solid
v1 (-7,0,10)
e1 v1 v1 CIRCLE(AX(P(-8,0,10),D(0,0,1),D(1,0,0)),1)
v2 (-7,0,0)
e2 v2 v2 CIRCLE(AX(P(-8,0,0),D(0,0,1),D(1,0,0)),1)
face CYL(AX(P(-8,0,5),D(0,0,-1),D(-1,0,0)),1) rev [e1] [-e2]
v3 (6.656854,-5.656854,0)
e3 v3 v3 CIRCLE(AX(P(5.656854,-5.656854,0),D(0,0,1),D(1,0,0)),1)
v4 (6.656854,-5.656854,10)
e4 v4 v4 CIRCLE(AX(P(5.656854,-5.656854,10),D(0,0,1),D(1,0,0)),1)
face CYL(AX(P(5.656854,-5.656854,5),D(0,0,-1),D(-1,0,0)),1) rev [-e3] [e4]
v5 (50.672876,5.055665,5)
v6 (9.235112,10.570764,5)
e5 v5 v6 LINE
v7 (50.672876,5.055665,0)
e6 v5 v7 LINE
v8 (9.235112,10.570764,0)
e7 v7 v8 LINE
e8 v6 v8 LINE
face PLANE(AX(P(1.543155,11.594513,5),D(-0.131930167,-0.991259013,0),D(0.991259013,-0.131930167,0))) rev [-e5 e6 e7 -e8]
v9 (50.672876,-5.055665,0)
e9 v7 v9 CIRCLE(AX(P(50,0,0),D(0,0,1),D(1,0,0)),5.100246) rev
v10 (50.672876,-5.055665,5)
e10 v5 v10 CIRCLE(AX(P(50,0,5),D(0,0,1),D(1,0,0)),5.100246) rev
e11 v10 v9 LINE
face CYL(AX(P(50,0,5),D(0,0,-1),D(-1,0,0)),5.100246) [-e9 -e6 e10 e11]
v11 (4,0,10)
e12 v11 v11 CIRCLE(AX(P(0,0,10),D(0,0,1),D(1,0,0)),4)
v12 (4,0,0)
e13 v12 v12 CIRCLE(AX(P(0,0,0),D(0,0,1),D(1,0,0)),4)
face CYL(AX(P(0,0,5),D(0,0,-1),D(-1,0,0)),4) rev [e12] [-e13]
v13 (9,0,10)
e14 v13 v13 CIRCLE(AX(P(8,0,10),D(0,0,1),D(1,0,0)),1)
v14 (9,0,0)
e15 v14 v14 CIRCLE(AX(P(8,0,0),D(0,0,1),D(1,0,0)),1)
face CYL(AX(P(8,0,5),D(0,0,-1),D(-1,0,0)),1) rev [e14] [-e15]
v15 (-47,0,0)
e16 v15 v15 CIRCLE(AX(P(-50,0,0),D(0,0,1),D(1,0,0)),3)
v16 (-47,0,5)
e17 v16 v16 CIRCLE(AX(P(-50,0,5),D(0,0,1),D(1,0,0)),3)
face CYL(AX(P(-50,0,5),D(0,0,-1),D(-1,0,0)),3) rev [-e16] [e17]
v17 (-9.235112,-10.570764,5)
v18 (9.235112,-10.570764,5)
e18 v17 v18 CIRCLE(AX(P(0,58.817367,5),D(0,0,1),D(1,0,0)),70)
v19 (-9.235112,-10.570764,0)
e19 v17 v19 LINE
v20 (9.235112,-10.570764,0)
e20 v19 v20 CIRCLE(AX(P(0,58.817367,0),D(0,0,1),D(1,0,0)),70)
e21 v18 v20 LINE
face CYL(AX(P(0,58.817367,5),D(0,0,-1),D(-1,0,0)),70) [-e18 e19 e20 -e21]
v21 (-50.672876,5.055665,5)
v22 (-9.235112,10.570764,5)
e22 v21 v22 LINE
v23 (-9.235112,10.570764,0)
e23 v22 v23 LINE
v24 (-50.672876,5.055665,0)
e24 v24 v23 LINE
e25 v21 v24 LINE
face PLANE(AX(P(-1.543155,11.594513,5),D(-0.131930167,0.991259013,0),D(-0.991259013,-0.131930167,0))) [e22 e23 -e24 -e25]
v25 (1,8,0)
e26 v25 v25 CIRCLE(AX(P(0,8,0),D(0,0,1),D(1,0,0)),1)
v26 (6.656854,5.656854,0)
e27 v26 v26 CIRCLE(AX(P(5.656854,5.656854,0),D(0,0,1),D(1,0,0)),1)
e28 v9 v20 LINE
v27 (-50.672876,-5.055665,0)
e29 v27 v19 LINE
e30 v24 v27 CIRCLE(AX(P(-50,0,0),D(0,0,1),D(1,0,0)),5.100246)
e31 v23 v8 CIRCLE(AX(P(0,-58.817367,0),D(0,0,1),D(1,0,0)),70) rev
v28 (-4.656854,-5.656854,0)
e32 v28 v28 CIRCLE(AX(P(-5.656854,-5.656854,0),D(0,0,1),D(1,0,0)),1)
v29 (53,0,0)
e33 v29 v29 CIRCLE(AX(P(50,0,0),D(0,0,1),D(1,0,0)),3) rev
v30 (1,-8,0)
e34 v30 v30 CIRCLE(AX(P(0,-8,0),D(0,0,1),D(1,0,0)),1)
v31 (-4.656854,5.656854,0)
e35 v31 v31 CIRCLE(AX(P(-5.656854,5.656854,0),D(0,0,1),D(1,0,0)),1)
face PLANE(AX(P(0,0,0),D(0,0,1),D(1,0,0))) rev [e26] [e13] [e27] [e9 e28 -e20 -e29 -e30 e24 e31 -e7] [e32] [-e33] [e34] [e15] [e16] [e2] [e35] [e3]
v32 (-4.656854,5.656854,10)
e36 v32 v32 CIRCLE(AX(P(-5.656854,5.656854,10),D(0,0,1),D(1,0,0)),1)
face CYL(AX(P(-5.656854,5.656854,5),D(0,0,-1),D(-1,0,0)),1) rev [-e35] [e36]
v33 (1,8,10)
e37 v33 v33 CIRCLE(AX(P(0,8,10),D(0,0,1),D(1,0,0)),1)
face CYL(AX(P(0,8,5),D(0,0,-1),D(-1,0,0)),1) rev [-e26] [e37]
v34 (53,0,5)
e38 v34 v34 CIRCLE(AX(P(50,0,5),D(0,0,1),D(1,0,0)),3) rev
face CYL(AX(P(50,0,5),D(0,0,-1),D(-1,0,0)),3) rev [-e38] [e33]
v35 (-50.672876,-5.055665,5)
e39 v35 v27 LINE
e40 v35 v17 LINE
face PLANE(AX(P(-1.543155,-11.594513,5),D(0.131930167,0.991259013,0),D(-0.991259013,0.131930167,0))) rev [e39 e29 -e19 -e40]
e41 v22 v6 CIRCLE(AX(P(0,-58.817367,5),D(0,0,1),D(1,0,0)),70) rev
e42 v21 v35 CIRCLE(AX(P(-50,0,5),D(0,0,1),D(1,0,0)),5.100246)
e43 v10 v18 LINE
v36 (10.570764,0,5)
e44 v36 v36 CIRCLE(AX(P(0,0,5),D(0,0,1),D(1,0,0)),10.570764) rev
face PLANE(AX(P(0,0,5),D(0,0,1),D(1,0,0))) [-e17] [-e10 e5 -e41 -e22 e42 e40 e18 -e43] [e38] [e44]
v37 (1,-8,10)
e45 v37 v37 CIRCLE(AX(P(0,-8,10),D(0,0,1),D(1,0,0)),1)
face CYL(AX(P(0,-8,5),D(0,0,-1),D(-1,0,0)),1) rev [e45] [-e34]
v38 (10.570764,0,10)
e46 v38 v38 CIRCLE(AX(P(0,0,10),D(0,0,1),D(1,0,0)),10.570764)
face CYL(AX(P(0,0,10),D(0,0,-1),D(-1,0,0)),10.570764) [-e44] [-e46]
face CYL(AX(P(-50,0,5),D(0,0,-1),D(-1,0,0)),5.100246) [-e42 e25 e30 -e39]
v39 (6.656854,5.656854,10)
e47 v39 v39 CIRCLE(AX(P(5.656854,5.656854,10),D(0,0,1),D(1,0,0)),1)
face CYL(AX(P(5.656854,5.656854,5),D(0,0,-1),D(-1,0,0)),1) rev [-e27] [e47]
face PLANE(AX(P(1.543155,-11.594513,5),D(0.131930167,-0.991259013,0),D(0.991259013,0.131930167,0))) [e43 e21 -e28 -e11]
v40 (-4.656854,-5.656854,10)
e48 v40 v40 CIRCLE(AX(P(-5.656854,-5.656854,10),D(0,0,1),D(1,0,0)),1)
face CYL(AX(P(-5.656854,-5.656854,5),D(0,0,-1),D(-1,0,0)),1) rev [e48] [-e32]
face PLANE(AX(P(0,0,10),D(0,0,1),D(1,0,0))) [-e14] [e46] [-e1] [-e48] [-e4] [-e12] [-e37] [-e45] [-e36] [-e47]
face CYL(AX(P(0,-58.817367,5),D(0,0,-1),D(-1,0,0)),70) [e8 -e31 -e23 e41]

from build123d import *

# Parameters (mm, degrees)
SZKIC1_R                    = 3
SZKIC1_R_2                  = 1
SZKIC1_R_3                  = 4
DODANIE_WYCI_GNI_CIE1_DEPTH = 5
SZKIC1_3_R                  = 10.570763761
SZKIC1_3_R_2                = 1
SZKIC1_3_R_3                = 4
DODANIE_WYCI_GNI_CIE2_DEPTH = 10


with BuildPart() as part:
    # Szkic1 → Dodanie-wyci_gni_cie1 (new body)
    with BuildSketch(Plane.XY):
        with BuildLine():
            Line((-9.235111676, 10.570763761), (-50.67287635, 5.055665151))
            ThreePointArc((-50.67287635, 5.055665151), (-55.100246338, 0), (-50.67287635, -5.055665151))
            Line((-50.67287635, -5.055665151), (-9.235111676, -10.570763761))
            ThreePointArc((-9.235111676, -10.570763761), (0, -11.182632843), (9.235111676, -10.570763761))
            Line((9.235111676, -10.570763761), (50.67287635, -5.055665151))
            ThreePointArc((50.67287635, -5.055665151), (55.100246338, 0), (50.67287635, 5.055665151))
            Line((50.67287635, 5.055665151), (9.235111676, 10.570763761))
            ThreePointArc((9.235111676, 10.570763761), (0, 11.182632843), (-9.235111676, 10.570763761))
        make_face()
        with Locations((-50, 0)):
            Circle(SZKIC1_R, mode=Mode.SUBTRACT)
        with Locations((50, 0)):
            Circle(SZKIC1_R, mode=Mode.SUBTRACT)
        with Locations((0, 8)):
            Circle(SZKIC1_R_2, mode=Mode.SUBTRACT)
        with Locations((0, -8)):
            Circle(SZKIC1_R_2, mode=Mode.SUBTRACT)
        with Locations((-5.656854249, -5.656854249)):
            Circle(SZKIC1_R_2, mode=Mode.SUBTRACT)
        with Locations((-8, 0)):
            Circle(SZKIC1_R_2, mode=Mode.SUBTRACT)
        Circle(SZKIC1_R_3, mode=Mode.SUBTRACT)
        with Locations((5.656854249, -5.656854249)):
            Circle(SZKIC1_R_2, mode=Mode.SUBTRACT)
        with Locations((8, 0)):
            Circle(SZKIC1_R_2, mode=Mode.SUBTRACT)
        with Locations((-5.656854249, 5.656854249)):
            Circle(SZKIC1_R_2, mode=Mode.SUBTRACT)
        with Locations((5.656854249, 5.656854249)):
            Circle(SZKIC1_R_2, mode=Mode.SUBTRACT)
    extrude(amount=DODANIE_WYCI_GNI_CIE1_DEPTH)

    # Szkic1_3 → Dodanie-wyci_gni_cie2 (add)
    with BuildSketch(Plane.XY):
        Circle(SZKIC1_3_R)
        with Locations((0, -8)):
            Circle(SZKIC1_3_R_2, mode=Mode.SUBTRACT)
        with Locations((-5.656854249, -5.656854249)):
            Circle(SZKIC1_3_R_2, mode=Mode.SUBTRACT)
        with Locations((-8, 0)):
            Circle(SZKIC1_3_R_2, mode=Mode.SUBTRACT)
        Circle(SZKIC1_3_R_3, mode=Mode.SUBTRACT)
        with Locations((5.656854249, -5.656854249)):
            Circle(SZKIC1_3_R_2, mode=Mode.SUBTRACT)
        with Locations((8, 0)):
            Circle(SZKIC1_3_R_2, mode=Mode.SUBTRACT)
        with Locations((-5.656854249, 5.656854249)):
            Circle(SZKIC1_3_R_2, mode=Mode.SUBTRACT)
        with Locations((5.656854249, 5.656854249)):
            Circle(SZKIC1_3_R_2, mode=Mode.SUBTRACT)
        with Locations((0, 8)):
            Circle(SZKIC1_3_R_2, mode=Mode.SUBTRACT)
    extrude(amount=DODANIE_WYCI_GNI_CIE2_DEPTH)


solid = part.part
